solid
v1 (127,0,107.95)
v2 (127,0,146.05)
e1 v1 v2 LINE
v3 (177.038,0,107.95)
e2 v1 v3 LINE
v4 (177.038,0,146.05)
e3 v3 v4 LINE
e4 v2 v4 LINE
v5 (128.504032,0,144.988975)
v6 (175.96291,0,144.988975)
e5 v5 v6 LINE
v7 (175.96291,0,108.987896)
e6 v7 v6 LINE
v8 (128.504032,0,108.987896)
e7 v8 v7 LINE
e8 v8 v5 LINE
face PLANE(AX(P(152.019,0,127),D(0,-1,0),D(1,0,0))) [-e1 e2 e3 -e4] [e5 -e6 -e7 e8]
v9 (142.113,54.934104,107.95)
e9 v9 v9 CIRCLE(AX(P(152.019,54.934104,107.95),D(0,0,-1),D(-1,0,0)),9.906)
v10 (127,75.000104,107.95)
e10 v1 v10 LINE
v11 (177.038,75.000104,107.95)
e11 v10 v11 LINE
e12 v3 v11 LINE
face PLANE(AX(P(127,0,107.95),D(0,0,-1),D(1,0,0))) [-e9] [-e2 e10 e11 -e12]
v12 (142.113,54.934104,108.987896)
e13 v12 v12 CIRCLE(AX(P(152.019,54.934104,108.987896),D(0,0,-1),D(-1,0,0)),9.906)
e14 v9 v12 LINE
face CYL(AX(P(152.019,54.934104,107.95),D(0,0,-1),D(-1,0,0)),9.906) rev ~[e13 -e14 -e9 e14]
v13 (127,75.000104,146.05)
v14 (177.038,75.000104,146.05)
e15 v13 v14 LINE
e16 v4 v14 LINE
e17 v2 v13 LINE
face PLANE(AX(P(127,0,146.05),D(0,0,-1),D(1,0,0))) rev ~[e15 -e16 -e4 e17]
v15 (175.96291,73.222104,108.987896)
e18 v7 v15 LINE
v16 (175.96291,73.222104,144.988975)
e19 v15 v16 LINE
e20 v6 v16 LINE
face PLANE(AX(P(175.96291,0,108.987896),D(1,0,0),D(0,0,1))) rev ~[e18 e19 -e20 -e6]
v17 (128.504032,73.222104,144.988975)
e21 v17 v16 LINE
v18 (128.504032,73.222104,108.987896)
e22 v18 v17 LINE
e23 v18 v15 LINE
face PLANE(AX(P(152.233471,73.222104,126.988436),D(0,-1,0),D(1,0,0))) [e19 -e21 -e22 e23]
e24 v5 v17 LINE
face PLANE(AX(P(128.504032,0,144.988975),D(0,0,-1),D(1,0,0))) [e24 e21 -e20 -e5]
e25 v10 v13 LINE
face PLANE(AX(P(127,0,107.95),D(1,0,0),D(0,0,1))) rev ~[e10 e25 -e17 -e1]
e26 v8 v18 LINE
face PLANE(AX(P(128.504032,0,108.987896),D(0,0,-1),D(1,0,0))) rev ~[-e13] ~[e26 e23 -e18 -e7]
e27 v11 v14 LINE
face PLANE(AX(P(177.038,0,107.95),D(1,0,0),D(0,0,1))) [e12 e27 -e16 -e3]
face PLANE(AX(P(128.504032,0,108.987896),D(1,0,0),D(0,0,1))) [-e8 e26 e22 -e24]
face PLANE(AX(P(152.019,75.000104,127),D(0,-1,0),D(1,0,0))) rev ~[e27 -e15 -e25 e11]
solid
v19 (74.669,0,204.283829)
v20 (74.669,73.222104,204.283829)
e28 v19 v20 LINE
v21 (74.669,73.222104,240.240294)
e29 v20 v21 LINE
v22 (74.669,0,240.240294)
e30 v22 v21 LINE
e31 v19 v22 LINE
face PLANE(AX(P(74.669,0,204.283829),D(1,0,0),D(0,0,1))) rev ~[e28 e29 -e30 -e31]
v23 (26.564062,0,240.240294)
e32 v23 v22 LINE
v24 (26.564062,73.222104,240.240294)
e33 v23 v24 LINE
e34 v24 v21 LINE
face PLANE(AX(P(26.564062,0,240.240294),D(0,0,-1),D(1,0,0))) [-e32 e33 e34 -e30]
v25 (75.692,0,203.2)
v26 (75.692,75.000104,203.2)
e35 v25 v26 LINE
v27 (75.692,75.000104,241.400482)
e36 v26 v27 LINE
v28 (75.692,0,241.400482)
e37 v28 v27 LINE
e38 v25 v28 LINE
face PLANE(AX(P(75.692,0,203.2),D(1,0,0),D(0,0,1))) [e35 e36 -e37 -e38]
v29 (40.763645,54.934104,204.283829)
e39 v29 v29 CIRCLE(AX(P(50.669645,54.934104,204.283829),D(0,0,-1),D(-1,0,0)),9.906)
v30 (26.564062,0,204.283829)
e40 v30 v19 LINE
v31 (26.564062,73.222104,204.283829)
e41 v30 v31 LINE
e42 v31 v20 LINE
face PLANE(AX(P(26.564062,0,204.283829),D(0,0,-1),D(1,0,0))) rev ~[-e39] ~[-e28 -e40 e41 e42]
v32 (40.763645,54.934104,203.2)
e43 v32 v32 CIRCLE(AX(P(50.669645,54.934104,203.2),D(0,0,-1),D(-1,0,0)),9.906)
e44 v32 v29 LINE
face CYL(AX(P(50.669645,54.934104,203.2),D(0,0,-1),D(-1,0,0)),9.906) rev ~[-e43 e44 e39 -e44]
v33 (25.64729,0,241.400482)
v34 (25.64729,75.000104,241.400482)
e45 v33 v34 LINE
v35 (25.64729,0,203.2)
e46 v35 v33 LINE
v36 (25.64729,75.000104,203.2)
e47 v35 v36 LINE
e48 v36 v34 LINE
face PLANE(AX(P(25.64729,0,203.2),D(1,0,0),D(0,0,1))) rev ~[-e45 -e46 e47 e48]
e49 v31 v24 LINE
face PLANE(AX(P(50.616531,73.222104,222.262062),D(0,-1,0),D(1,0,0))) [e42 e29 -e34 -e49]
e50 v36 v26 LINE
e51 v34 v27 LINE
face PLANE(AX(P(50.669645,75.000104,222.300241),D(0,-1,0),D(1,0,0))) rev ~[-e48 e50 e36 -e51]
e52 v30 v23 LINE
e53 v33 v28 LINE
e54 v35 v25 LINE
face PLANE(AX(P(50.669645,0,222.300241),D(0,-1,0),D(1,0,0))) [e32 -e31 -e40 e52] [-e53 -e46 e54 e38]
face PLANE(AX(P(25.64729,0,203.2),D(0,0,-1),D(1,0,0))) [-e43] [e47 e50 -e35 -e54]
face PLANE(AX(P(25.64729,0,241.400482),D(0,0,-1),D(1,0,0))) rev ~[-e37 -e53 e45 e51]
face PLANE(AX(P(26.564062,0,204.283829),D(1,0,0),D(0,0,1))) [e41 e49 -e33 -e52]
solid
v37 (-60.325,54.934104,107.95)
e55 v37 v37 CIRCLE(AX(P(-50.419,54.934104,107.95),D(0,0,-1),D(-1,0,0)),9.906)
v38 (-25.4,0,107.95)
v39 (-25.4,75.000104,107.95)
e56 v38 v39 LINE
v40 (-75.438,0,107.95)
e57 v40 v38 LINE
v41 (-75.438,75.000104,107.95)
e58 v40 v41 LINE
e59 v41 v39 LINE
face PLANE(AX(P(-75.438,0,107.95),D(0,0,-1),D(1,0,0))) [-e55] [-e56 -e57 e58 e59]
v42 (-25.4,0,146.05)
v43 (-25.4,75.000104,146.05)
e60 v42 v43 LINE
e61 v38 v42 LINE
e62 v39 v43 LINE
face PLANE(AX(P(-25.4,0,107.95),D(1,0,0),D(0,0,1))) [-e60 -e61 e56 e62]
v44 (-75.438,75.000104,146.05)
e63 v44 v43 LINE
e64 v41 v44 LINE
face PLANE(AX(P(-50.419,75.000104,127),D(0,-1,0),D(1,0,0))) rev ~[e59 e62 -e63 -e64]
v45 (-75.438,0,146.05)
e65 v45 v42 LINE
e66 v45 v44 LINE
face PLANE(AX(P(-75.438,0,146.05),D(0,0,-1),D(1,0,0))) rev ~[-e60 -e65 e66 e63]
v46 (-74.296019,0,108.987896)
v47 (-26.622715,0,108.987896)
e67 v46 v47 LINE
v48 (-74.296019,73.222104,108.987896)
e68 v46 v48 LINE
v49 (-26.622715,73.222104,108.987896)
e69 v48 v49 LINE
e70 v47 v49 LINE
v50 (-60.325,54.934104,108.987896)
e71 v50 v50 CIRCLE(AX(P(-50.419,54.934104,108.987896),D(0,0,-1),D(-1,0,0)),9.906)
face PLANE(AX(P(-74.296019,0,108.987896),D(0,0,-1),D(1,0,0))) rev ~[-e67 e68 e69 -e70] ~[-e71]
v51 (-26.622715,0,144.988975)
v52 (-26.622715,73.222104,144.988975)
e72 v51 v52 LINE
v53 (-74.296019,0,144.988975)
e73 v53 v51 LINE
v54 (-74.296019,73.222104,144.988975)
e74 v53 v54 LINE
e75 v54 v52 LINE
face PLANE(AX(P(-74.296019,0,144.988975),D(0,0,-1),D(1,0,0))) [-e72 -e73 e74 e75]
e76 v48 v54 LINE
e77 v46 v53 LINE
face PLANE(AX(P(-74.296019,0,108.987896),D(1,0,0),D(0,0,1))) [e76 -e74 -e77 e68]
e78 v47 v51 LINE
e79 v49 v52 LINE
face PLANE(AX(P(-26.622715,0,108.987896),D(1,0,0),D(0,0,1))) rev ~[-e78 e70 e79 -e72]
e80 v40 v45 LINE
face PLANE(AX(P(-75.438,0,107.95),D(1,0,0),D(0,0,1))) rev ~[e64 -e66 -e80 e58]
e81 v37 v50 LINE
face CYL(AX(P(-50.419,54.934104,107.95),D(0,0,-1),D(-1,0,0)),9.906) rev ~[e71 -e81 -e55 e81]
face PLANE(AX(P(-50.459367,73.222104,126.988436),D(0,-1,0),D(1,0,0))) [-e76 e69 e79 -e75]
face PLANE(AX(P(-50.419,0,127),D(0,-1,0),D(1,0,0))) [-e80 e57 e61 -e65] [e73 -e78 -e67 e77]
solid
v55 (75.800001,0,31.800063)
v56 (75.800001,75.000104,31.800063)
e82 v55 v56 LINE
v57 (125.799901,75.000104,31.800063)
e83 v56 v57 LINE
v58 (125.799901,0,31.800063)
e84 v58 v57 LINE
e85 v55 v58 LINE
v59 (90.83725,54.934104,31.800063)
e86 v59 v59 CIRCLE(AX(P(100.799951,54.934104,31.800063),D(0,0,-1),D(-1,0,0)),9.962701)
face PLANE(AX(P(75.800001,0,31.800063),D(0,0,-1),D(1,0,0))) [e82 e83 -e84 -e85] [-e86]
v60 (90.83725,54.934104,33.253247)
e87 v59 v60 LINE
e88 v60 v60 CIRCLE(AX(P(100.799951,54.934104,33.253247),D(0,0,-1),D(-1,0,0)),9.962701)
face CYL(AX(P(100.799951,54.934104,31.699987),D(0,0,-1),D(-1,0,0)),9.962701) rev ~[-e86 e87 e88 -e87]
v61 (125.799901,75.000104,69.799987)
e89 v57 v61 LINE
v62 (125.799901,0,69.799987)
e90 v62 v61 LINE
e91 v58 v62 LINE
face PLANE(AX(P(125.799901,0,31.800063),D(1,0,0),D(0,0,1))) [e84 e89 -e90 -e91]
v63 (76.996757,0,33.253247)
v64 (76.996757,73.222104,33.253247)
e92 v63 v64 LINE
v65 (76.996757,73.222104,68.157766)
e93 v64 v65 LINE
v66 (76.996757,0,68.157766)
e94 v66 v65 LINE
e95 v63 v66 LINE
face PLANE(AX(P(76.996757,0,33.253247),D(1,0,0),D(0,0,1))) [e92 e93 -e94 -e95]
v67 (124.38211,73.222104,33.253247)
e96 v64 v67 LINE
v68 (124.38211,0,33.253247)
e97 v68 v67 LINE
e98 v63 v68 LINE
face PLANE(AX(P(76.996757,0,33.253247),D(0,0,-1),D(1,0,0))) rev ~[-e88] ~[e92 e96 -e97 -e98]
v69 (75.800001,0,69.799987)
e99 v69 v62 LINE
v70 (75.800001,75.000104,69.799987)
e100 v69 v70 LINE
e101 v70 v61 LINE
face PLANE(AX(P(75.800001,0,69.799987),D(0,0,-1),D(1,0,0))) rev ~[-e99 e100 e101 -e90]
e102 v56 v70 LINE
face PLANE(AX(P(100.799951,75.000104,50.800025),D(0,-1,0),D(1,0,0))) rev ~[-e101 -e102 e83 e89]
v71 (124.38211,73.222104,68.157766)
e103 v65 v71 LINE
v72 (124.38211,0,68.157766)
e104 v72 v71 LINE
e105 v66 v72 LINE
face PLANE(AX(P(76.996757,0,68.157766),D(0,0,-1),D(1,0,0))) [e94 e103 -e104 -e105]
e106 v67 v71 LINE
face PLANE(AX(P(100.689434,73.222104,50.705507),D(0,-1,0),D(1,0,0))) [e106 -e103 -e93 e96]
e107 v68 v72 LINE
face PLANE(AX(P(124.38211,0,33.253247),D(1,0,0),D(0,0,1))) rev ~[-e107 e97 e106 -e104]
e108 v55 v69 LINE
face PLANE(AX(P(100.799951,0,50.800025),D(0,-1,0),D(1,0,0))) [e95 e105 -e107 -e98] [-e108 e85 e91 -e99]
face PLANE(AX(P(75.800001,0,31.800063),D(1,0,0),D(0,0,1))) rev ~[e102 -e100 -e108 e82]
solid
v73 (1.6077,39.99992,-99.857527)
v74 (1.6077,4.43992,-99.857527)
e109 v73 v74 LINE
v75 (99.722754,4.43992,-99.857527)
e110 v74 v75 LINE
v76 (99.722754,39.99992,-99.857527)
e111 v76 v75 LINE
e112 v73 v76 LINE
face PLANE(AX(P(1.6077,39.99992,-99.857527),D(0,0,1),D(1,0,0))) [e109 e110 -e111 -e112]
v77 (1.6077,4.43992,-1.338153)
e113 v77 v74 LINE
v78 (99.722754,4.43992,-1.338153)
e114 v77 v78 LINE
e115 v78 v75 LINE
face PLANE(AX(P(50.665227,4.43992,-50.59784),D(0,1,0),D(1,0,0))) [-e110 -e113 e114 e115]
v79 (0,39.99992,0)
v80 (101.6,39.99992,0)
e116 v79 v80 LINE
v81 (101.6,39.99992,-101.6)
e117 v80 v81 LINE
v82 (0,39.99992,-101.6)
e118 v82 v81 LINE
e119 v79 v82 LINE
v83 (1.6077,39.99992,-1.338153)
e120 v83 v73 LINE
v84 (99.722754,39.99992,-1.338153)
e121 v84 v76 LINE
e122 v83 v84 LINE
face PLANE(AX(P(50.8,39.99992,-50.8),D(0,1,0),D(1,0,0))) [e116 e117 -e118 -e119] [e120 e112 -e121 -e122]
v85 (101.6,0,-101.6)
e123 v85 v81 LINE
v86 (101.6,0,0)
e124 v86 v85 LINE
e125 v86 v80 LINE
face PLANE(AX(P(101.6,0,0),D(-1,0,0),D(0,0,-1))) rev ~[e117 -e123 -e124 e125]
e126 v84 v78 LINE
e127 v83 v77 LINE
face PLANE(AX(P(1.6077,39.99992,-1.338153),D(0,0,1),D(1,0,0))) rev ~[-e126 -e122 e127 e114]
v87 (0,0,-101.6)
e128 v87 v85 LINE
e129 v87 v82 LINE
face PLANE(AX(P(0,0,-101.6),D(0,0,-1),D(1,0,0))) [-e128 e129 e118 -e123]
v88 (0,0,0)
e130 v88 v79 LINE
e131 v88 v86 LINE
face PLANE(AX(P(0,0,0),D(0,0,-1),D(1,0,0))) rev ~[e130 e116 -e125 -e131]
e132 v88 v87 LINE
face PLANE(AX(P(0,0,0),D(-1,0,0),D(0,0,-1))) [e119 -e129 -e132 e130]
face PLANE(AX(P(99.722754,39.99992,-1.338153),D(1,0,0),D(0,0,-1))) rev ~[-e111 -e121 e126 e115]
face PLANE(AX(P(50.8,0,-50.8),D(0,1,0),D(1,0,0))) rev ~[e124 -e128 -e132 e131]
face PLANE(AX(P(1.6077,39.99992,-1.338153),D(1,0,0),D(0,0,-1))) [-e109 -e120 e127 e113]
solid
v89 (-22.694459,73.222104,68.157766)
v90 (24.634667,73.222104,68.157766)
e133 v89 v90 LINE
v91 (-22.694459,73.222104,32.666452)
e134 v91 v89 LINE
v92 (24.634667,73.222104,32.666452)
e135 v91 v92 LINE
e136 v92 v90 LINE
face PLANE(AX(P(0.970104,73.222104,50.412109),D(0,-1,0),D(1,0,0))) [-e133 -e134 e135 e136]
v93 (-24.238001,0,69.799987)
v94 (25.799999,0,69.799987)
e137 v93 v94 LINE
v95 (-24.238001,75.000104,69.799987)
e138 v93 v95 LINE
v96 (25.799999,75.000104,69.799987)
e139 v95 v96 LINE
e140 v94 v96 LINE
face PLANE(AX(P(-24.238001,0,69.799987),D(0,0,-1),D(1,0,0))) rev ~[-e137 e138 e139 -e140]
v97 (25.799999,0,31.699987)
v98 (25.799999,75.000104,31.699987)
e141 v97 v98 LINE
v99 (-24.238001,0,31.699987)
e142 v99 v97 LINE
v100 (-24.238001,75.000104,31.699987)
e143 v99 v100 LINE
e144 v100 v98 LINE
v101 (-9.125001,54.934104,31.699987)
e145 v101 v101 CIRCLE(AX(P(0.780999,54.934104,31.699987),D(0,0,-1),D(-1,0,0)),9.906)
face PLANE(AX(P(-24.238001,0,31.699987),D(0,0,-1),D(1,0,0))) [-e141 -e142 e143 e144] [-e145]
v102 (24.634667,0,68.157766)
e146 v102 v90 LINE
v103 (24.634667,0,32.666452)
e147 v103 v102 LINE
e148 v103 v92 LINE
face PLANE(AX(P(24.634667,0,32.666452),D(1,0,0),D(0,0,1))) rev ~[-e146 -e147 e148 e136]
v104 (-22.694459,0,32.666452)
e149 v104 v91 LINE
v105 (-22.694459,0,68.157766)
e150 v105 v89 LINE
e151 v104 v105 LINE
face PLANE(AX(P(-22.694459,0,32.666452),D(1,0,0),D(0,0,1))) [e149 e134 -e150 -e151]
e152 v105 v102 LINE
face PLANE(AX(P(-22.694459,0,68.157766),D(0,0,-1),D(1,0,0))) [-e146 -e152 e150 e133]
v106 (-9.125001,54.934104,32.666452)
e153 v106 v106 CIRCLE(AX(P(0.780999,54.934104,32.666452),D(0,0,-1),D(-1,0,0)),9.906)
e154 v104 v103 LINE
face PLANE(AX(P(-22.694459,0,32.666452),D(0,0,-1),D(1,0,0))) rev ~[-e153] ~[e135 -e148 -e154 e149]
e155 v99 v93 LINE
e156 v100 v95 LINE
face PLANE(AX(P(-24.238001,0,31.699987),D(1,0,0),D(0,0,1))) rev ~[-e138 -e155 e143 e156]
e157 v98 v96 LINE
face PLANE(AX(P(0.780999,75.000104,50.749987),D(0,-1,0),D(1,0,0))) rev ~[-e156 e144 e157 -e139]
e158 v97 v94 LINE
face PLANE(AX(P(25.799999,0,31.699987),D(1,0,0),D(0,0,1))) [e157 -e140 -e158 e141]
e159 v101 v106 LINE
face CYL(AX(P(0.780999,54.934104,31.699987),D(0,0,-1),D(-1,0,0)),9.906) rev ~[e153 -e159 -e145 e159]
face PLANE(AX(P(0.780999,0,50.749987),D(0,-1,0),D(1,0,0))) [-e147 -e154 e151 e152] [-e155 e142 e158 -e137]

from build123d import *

# Parameters (mm, degrees)
SKETCH1_W             = 101.6
SKETCH1_H             = 101.6
BOSS_EXTRUDE1_DEPTH   = 39.99992
SKETCH2_W             = 98.115054024
SKETCH2_H             = 98.519374302
CUT_EXTRUDE1_DEPTH    = 35.56
SKETCH3_W             = 49.9999
SKETCH3_H             = 37.999924
BOSS_EXTRUDE2_DEPTH   = 75.000104
SKETCH3_W_2           = 50.038
SKETCH3_H_2           = 38.1
BOSS_EXTRUDE2_2_DEPTH = 75.000104
BOSS_EXTRUDE2_3_DEPTH = 75.000104
BOSS_EXTRUDE2_4_DEPTH = 75.000104
SKETCH3_W_3           = 50.044709845
SKETCH3_H_3           = 38.200481576
BOSS_EXTRUDE2_5_DEPTH = 75.000104
SKETCH4_W             = 47.673303357
SKETCH4_H             = 36.001078641
SKETCH4_W_2           = 47.329126014
SKETCH4_H_2           = 35.49131434
SKETCH4_W_3           = 47.385353059
SKETCH4_H_3           = 34.904518915
SKETCH4_W_4           = 47.458878428
SKETCH4_W_5           = 48.104938799
SKETCH4_H_4           = 35.956464733
CUT_EXTRUDE2_DEPTH    = 73.222104
SKETCH5_R             = 9.906
SKETCH5_R_2           = 9.962701018
CUT_EXTRUDE3_DEPTH    = 9.722104
SKETCH6_R             = 9.906
CUT_EXTRUDE4_DEPTH    = 9.722104
SKETCH7_R             = 9.906
CUT_EXTRUDE5_DEPTH    = 9.722104


with BuildPart() as part:
    # Sketch1 → Boss-Extrude1 (new body)
    with BuildSketch(Plane(origin=(0, 0, 0), x_dir=(1, 0, 0), z_dir=(0, 1, 0))):
        with Locations((50.8, 50.8)):
            Rectangle(SKETCH1_W, SKETCH1_H)
    extrude(amount=BOSS_EXTRUDE1_DEPTH)

    # Sketch2 → Cut-Extrude1 (cut)
    with BuildSketch(Plane(origin=(0, 39.99992, 0), x_dir=(1, 0, 0), z_dir=(0, 1, 0))):
        with Locations((50.665226574, 50.597839861)):
            Rectangle(SKETCH2_W, SKETCH2_H)
    extrude(amount=-CUT_EXTRUDE1_DEPTH, mode=Mode.SUBTRACT)


with BuildPart() as body_2:
    # Sketch3 → Boss-Extrude2 (new body)
    with BuildSketch(Plane.XZ):
        with Locations((100.7999508, 50.8000254)):
            Rectangle(SKETCH3_W, SKETCH3_H)
    extrude(amount=-BOSS_EXTRUDE2_DEPTH)


with BuildPart() as body_3:
    # Sketch3 → Boss-Extrude2 2 (new body)
    with BuildSketch(Plane.XZ):
        with Locations((0.7809992, 50.7499874)):
            Rectangle(SKETCH3_W_2, SKETCH3_H_2)
    extrude(amount=-BOSS_EXTRUDE2_2_DEPTH)


with BuildPart() as body_4:
    # Sketch3 → Boss-Extrude2 3 (new body)
    with BuildSketch(Plane.XZ):
        with Locations((152.019, 127)):
            Rectangle(SKETCH3_W_2, SKETCH3_H_2)
    extrude(amount=-BOSS_EXTRUDE2_3_DEPTH)


with BuildPart() as body_5:
    # Sketch3 → Boss-Extrude2 4 (new body)
    with BuildSketch(Plane.XZ):
        with Locations((-50.419, 127)):
            Rectangle(SKETCH3_W_2, SKETCH3_H_2)
    extrude(amount=-BOSS_EXTRUDE2_4_DEPTH)


with BuildPart() as body_6:
    # Sketch3 → Boss-Extrude2 5 (new body)
    with BuildSketch(Plane.XZ):
        with Locations((50.669645078, 222.300240788)):
            Rectangle(SKETCH3_W_3, SKETCH3_H_3)
    extrude(amount=-BOSS_EXTRUDE2_5_DEPTH)


with BuildPart() as cut_extrude2_tool:
    # Sketch4 → Cut-Extrude2 (new body)
    with BuildSketch(Plane.XZ):
        with Locations((-50.459366902, 126.988435685)):
            Rectangle(SKETCH4_W, SKETCH4_H)
        with Locations((0.970104392, 50.412109166)):
            Rectangle(SKETCH4_W_2, SKETCH4_H_2)
        with Locations((100.689433749, 50.705506879)):
            Rectangle(SKETCH4_W_3, SKETCH4_H_3)
        with Locations((152.233471247, 126.988435685)):
            Rectangle(SKETCH4_W_4, SKETCH4_H)
        with Locations((50.616530906, 222.262061552)):
            Rectangle(SKETCH4_W_5, SKETCH4_H_4)
    extrude(amount=-CUT_EXTRUDE2_DEPTH)


with BuildPart() as body_2_1:
    add(body_2.part)

    # Cut-Extrude2: cut by cut_extrude2_tool
    add(cut_extrude2_tool.part, mode=Mode.SUBTRACT)


with BuildPart() as body_3_1:
    add(body_3.part)

    # Cut-Extrude2: cut by cut_extrude2_tool
    add(cut_extrude2_tool.part, mode=Mode.SUBTRACT)


with BuildPart() as body_4_1:
    add(body_4.part)

    # Cut-Extrude2: cut by cut_extrude2_tool
    add(cut_extrude2_tool.part, mode=Mode.SUBTRACT)


with BuildPart() as body_5_1:
    add(body_5.part)

    # Cut-Extrude2: cut by cut_extrude2_tool
    add(cut_extrude2_tool.part, mode=Mode.SUBTRACT)


with BuildPart() as body_6_1:
    add(body_6.part)

    # Cut-Extrude2: cut by cut_extrude2_tool
    add(cut_extrude2_tool.part, mode=Mode.SUBTRACT)

    # Sketch7 → Cut-Extrude5 (cut)
    with BuildSketch(Plane(origin=(0, 0, 203.2), x_dir=(-1, 0, 0), z_dir=(0, 0, -1))):
        with Locations((-50.669645078, 54.934104)):
            Circle(SKETCH7_R)
    extrude(amount=-CUT_EXTRUDE5_DEPTH, mode=Mode.SUBTRACT)


with BuildPart() as cut_extrude3_tool:
    # Sketch5 → Cut-Extrude3 (new body)
    with BuildSketch(Plane(origin=(0, 0, 31.6999874), x_dir=(-1, 0, 0), z_dir=(0, 0, -1))):
        with Locations((-0.7809992, 54.934104)):
            Circle(SKETCH5_R)
        with Locations((-100.7999508, 54.934104)):
            Circle(SKETCH5_R_2)
    extrude(amount=-CUT_EXTRUDE3_DEPTH)


with BuildPart() as body_2_2:
    add(body_2_1.part)

    # Cut-Extrude3: cut by cut_extrude3_tool
    add(cut_extrude3_tool.part, mode=Mode.SUBTRACT)


with BuildPart() as body_3_2:
    add(body_3_1.part)

    # Cut-Extrude3: cut by cut_extrude3_tool
    add(cut_extrude3_tool.part, mode=Mode.SUBTRACT)


with BuildPart() as cut_extrude4_tool:
    # Sketch6 → Cut-Extrude4 (new body)
    with BuildSketch(Plane(origin=(0, 0, 107.95), x_dir=(-1, 0, 0), z_dir=(0, 0, -1))):
        with Locations((-152.019, 54.934104)):
            Circle(SKETCH6_R)
        with Locations((50.419, 54.934104)):
            Circle(SKETCH6_R)
    extrude(amount=-CUT_EXTRUDE4_DEPTH)


with BuildPart() as body_4_2:
    add(body_4_1.part)

    # Cut-Extrude4: cut by cut_extrude4_tool
    add(cut_extrude4_tool.part, mode=Mode.SUBTRACT)


with BuildPart() as body_5_2:
    add(body_5_1.part)

    # Cut-Extrude4: cut by cut_extrude4_tool
    add(cut_extrude4_tool.part, mode=Mode.SUBTRACT)


solid = Compound([part.part, body_6_1.part, body_2_2.part, body_3_2.part, body_4_2.part, body_5_2.part])
